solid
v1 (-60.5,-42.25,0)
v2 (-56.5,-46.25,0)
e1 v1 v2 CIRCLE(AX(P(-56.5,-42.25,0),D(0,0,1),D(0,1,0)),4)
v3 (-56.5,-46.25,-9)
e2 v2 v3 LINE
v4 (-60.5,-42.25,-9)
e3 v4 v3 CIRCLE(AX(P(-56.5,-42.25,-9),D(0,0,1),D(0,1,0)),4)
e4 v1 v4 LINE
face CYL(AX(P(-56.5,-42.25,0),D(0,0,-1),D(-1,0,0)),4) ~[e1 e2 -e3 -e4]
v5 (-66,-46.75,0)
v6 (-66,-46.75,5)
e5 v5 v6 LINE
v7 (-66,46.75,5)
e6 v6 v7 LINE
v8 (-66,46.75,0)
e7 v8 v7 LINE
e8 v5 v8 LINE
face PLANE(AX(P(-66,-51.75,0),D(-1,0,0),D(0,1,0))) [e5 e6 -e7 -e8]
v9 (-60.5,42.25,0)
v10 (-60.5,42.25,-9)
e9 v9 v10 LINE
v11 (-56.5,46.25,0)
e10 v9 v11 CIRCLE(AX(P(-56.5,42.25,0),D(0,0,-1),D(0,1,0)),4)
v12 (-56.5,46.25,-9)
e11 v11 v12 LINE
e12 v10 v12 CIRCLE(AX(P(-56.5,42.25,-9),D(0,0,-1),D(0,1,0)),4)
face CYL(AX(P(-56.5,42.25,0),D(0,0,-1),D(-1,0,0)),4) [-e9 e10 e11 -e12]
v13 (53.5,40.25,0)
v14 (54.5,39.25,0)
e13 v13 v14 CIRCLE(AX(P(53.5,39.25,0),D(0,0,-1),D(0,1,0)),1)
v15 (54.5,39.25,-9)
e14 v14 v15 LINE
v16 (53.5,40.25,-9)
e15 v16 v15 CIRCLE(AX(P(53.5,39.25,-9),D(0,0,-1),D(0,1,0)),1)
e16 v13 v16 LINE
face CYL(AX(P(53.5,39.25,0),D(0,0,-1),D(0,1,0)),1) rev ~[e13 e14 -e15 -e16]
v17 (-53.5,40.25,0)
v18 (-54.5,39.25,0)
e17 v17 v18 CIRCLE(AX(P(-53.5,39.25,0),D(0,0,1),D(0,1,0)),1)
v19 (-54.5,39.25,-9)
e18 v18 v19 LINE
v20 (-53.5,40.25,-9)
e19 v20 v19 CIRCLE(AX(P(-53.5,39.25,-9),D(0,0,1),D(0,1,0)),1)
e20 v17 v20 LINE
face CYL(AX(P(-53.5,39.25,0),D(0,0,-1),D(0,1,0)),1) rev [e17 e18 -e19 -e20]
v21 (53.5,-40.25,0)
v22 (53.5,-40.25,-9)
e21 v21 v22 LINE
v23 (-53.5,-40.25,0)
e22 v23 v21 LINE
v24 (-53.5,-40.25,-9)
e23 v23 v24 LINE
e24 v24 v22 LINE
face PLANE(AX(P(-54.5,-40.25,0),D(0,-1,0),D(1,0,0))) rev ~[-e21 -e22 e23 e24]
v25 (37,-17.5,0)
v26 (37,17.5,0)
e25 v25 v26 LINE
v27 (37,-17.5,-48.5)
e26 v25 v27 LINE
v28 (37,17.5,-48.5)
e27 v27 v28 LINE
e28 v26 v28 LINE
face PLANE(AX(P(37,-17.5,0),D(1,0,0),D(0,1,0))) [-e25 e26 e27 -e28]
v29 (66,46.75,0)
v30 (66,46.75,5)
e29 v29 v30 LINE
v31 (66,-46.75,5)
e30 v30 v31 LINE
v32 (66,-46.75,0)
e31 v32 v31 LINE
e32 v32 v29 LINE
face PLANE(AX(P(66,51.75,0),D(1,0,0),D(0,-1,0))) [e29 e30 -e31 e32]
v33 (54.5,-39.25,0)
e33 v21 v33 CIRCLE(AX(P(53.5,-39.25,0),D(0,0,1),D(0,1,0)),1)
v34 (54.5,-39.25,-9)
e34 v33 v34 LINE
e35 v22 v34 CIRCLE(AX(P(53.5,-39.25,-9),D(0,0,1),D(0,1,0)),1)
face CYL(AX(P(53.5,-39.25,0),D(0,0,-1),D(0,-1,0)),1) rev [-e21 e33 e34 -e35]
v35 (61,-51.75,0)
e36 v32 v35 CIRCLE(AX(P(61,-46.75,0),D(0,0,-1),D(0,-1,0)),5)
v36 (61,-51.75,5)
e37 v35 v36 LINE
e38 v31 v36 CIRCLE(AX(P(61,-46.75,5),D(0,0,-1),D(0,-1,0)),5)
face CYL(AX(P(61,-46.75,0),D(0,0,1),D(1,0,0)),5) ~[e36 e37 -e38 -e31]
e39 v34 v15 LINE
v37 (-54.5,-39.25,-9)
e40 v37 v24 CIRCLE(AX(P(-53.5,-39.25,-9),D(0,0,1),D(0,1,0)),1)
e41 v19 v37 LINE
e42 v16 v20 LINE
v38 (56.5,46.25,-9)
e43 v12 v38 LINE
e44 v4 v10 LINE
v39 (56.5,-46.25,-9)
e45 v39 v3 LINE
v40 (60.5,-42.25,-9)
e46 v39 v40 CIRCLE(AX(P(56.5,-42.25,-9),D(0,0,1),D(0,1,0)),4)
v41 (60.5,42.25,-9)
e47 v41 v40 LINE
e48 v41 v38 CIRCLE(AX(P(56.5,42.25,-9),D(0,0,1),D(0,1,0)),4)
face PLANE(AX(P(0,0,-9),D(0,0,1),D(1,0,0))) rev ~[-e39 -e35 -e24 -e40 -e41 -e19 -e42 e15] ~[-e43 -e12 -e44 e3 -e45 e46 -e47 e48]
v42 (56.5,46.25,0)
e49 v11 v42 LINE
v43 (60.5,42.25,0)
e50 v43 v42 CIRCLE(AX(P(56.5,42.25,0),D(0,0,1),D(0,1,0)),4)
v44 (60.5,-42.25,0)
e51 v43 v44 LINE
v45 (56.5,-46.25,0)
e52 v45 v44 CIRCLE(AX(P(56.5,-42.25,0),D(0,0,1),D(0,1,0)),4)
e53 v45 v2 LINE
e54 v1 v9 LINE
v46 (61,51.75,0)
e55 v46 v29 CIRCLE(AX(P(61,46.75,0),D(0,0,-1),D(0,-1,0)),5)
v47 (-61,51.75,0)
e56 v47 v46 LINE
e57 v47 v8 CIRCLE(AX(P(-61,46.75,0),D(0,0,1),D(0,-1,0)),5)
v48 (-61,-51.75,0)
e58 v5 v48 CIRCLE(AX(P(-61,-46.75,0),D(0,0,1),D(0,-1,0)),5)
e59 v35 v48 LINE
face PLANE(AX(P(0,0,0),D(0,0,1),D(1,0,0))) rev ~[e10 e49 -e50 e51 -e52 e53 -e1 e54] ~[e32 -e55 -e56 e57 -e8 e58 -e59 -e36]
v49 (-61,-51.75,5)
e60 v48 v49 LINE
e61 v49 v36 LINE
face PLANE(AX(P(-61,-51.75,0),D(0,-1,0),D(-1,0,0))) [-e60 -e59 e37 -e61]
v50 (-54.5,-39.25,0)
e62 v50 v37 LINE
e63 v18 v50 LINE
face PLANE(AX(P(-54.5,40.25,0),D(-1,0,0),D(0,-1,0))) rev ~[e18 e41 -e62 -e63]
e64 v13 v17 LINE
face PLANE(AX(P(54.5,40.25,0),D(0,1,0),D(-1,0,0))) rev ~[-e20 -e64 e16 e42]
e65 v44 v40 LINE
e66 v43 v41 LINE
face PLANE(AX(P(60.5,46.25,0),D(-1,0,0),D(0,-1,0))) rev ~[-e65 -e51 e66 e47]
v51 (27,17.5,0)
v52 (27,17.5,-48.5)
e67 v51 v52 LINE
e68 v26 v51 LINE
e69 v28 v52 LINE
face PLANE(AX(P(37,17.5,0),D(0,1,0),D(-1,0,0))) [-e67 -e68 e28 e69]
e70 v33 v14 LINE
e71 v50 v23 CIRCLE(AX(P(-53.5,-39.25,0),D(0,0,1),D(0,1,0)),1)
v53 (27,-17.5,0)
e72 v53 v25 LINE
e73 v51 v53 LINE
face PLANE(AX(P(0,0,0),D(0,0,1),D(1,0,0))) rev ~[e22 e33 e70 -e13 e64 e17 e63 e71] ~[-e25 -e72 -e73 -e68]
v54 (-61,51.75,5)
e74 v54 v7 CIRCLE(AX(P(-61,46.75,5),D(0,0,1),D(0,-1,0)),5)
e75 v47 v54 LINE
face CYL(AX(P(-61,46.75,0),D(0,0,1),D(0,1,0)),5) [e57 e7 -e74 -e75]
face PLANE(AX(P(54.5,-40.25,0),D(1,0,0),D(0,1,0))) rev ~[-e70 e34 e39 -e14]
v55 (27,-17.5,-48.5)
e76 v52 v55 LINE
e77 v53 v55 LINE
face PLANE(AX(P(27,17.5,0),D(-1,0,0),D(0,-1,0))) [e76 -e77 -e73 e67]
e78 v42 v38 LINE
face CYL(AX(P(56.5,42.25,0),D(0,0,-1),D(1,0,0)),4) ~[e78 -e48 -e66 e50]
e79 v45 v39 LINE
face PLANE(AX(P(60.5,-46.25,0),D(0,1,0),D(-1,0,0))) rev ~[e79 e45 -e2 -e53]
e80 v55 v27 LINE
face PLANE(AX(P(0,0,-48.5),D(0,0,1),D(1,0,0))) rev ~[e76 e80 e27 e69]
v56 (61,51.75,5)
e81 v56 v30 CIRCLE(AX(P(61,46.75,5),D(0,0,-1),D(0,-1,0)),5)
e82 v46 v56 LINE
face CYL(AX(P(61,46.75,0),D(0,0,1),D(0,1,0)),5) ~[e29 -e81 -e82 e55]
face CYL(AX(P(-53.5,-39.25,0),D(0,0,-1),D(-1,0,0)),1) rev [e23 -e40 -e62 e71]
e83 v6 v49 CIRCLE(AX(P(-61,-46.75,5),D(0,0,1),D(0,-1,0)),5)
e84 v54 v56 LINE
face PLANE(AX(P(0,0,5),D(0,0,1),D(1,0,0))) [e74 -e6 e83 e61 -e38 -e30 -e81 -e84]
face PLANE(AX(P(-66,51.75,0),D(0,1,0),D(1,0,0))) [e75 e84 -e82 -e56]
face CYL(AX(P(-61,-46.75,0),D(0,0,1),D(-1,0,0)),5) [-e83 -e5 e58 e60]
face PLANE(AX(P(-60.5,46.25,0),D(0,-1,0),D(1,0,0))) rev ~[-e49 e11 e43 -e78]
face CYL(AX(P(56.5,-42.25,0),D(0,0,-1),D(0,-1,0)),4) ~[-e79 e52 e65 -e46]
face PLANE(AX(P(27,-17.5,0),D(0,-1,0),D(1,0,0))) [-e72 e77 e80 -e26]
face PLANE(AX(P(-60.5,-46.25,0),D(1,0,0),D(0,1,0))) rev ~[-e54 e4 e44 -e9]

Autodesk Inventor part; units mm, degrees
ref_plane "YZ Plane" through (0, 0, 0) normal (1, 0, 0) x (0, 1, 0)
ref_plane "XZ Plane" through (0, 0, 0) normal (0, 1, 0) x (-1, 0, 0)
ref_plane "XY Plane" through (0, 0, 0) normal (0, 0, 1) x (1, 0, 0)
sketch "Sketch1" plane through (0, 0, 0) normal (0, 0, 1) x (1, 0, 0)
  line L0 (-66, 51.75) -> (66, 51.75)
  line L1 (66, 51.75) -> (66, -51.75)
  line L2 (66, -51.75) -> (-66, -51.75)
  line L3 (-66, -51.75) -> (-66, 51.75)
  line L4 (-60.5, 46.25) -> (60.5, 46.25)
  line L5 (60.5, 46.25) -> (60.5, -46.25)
  line L6 (60.5, -46.25) -> (-60.5, -46.25)
  line L7 (-60.5, -46.25) -> (-60.5, 46.25)
  line L8 (54.5, 40.25) -> (-54.5, 40.25)
  line L9 (-54.5, 40.25) -> (-54.5, -40.25)
  line L10 (-54.5, -40.25) -> (54.5, -40.25)
  line L11 (54.5, -40.25) -> (54.5, 40.25)
  line L12 (0, 46.25) -> (0, 40.25) construction
  line L13 (-60.5, 0) -> (-54.5, 0) construction
  line L14 (0, 51.75) -> (0, 46.25) construction
  line L15 (-60.5, 0) -> (-66, 0) construction
  line L16 (37, 17.5) -> (27, 17.5)
  line L17 (27, 17.5) -> (27, -17.5)
  line L18 (27, -17.5) -> (37, -17.5)
  line L19 (37, -17.5) -> (37, 17.5)
  line L20 (66, -46.75) -> (66, 46.75)
  line L21 (-61, -51.75) -> (61, -51.75)
  line L22 (-61, 46.75) -> (61, 46.75)
  line L23 (61, 46.75) -> (61, -46.75)
  point P0 (0, 0)
  point P1 (60.5, 0)
  point P2 (66, 0)
  point P3 (37, 0)
  point P4 (54.5, 0)
  dimension "d9" = 0.5
  dimension "d10" = 6
  dimension "d11" = 10
  dimension "d12" = 35
  dimension "d13" = 24
extrude "Extrusion1" add sketch "Sketch1" along normal blind 5 contours L0 L1 L2 L3 | L4 L5 L6 L7 | L11 L10 L9 L8 | L19 L18 L17 L16
extrude "Extrusion2" add sketch "Sketch1" against normal blind 9 contours L4 L5 L6 L7
extrude "Extrusion3" add sketch "Sketch1" against normal blind 48.5 contours L19 L18 L17 L16
fillet "Fillet1" radius 5 4 edges at (66, 51.75, 2.5) (-66, 51.75, 2.5) (66, -51.75, 2.5) (-66, -51.75, 2.5)
fillet "Fillet2" radius 4 4 edges at (-60.5, -46.25, -4.5) (60.5, -46.25, -4.5) (60.5, 46.25, -4.5) (-60.5, 46.25, -4.5)
fillet "Fillet3" radius 1 4 edges at (54.5, -40.25, -4.5) (-54.5, -40.25, -4.5) (54.5, 40.25, -4.5) (-54.5, 40.25, -4.5)
properties part number "kucisteGornji"
